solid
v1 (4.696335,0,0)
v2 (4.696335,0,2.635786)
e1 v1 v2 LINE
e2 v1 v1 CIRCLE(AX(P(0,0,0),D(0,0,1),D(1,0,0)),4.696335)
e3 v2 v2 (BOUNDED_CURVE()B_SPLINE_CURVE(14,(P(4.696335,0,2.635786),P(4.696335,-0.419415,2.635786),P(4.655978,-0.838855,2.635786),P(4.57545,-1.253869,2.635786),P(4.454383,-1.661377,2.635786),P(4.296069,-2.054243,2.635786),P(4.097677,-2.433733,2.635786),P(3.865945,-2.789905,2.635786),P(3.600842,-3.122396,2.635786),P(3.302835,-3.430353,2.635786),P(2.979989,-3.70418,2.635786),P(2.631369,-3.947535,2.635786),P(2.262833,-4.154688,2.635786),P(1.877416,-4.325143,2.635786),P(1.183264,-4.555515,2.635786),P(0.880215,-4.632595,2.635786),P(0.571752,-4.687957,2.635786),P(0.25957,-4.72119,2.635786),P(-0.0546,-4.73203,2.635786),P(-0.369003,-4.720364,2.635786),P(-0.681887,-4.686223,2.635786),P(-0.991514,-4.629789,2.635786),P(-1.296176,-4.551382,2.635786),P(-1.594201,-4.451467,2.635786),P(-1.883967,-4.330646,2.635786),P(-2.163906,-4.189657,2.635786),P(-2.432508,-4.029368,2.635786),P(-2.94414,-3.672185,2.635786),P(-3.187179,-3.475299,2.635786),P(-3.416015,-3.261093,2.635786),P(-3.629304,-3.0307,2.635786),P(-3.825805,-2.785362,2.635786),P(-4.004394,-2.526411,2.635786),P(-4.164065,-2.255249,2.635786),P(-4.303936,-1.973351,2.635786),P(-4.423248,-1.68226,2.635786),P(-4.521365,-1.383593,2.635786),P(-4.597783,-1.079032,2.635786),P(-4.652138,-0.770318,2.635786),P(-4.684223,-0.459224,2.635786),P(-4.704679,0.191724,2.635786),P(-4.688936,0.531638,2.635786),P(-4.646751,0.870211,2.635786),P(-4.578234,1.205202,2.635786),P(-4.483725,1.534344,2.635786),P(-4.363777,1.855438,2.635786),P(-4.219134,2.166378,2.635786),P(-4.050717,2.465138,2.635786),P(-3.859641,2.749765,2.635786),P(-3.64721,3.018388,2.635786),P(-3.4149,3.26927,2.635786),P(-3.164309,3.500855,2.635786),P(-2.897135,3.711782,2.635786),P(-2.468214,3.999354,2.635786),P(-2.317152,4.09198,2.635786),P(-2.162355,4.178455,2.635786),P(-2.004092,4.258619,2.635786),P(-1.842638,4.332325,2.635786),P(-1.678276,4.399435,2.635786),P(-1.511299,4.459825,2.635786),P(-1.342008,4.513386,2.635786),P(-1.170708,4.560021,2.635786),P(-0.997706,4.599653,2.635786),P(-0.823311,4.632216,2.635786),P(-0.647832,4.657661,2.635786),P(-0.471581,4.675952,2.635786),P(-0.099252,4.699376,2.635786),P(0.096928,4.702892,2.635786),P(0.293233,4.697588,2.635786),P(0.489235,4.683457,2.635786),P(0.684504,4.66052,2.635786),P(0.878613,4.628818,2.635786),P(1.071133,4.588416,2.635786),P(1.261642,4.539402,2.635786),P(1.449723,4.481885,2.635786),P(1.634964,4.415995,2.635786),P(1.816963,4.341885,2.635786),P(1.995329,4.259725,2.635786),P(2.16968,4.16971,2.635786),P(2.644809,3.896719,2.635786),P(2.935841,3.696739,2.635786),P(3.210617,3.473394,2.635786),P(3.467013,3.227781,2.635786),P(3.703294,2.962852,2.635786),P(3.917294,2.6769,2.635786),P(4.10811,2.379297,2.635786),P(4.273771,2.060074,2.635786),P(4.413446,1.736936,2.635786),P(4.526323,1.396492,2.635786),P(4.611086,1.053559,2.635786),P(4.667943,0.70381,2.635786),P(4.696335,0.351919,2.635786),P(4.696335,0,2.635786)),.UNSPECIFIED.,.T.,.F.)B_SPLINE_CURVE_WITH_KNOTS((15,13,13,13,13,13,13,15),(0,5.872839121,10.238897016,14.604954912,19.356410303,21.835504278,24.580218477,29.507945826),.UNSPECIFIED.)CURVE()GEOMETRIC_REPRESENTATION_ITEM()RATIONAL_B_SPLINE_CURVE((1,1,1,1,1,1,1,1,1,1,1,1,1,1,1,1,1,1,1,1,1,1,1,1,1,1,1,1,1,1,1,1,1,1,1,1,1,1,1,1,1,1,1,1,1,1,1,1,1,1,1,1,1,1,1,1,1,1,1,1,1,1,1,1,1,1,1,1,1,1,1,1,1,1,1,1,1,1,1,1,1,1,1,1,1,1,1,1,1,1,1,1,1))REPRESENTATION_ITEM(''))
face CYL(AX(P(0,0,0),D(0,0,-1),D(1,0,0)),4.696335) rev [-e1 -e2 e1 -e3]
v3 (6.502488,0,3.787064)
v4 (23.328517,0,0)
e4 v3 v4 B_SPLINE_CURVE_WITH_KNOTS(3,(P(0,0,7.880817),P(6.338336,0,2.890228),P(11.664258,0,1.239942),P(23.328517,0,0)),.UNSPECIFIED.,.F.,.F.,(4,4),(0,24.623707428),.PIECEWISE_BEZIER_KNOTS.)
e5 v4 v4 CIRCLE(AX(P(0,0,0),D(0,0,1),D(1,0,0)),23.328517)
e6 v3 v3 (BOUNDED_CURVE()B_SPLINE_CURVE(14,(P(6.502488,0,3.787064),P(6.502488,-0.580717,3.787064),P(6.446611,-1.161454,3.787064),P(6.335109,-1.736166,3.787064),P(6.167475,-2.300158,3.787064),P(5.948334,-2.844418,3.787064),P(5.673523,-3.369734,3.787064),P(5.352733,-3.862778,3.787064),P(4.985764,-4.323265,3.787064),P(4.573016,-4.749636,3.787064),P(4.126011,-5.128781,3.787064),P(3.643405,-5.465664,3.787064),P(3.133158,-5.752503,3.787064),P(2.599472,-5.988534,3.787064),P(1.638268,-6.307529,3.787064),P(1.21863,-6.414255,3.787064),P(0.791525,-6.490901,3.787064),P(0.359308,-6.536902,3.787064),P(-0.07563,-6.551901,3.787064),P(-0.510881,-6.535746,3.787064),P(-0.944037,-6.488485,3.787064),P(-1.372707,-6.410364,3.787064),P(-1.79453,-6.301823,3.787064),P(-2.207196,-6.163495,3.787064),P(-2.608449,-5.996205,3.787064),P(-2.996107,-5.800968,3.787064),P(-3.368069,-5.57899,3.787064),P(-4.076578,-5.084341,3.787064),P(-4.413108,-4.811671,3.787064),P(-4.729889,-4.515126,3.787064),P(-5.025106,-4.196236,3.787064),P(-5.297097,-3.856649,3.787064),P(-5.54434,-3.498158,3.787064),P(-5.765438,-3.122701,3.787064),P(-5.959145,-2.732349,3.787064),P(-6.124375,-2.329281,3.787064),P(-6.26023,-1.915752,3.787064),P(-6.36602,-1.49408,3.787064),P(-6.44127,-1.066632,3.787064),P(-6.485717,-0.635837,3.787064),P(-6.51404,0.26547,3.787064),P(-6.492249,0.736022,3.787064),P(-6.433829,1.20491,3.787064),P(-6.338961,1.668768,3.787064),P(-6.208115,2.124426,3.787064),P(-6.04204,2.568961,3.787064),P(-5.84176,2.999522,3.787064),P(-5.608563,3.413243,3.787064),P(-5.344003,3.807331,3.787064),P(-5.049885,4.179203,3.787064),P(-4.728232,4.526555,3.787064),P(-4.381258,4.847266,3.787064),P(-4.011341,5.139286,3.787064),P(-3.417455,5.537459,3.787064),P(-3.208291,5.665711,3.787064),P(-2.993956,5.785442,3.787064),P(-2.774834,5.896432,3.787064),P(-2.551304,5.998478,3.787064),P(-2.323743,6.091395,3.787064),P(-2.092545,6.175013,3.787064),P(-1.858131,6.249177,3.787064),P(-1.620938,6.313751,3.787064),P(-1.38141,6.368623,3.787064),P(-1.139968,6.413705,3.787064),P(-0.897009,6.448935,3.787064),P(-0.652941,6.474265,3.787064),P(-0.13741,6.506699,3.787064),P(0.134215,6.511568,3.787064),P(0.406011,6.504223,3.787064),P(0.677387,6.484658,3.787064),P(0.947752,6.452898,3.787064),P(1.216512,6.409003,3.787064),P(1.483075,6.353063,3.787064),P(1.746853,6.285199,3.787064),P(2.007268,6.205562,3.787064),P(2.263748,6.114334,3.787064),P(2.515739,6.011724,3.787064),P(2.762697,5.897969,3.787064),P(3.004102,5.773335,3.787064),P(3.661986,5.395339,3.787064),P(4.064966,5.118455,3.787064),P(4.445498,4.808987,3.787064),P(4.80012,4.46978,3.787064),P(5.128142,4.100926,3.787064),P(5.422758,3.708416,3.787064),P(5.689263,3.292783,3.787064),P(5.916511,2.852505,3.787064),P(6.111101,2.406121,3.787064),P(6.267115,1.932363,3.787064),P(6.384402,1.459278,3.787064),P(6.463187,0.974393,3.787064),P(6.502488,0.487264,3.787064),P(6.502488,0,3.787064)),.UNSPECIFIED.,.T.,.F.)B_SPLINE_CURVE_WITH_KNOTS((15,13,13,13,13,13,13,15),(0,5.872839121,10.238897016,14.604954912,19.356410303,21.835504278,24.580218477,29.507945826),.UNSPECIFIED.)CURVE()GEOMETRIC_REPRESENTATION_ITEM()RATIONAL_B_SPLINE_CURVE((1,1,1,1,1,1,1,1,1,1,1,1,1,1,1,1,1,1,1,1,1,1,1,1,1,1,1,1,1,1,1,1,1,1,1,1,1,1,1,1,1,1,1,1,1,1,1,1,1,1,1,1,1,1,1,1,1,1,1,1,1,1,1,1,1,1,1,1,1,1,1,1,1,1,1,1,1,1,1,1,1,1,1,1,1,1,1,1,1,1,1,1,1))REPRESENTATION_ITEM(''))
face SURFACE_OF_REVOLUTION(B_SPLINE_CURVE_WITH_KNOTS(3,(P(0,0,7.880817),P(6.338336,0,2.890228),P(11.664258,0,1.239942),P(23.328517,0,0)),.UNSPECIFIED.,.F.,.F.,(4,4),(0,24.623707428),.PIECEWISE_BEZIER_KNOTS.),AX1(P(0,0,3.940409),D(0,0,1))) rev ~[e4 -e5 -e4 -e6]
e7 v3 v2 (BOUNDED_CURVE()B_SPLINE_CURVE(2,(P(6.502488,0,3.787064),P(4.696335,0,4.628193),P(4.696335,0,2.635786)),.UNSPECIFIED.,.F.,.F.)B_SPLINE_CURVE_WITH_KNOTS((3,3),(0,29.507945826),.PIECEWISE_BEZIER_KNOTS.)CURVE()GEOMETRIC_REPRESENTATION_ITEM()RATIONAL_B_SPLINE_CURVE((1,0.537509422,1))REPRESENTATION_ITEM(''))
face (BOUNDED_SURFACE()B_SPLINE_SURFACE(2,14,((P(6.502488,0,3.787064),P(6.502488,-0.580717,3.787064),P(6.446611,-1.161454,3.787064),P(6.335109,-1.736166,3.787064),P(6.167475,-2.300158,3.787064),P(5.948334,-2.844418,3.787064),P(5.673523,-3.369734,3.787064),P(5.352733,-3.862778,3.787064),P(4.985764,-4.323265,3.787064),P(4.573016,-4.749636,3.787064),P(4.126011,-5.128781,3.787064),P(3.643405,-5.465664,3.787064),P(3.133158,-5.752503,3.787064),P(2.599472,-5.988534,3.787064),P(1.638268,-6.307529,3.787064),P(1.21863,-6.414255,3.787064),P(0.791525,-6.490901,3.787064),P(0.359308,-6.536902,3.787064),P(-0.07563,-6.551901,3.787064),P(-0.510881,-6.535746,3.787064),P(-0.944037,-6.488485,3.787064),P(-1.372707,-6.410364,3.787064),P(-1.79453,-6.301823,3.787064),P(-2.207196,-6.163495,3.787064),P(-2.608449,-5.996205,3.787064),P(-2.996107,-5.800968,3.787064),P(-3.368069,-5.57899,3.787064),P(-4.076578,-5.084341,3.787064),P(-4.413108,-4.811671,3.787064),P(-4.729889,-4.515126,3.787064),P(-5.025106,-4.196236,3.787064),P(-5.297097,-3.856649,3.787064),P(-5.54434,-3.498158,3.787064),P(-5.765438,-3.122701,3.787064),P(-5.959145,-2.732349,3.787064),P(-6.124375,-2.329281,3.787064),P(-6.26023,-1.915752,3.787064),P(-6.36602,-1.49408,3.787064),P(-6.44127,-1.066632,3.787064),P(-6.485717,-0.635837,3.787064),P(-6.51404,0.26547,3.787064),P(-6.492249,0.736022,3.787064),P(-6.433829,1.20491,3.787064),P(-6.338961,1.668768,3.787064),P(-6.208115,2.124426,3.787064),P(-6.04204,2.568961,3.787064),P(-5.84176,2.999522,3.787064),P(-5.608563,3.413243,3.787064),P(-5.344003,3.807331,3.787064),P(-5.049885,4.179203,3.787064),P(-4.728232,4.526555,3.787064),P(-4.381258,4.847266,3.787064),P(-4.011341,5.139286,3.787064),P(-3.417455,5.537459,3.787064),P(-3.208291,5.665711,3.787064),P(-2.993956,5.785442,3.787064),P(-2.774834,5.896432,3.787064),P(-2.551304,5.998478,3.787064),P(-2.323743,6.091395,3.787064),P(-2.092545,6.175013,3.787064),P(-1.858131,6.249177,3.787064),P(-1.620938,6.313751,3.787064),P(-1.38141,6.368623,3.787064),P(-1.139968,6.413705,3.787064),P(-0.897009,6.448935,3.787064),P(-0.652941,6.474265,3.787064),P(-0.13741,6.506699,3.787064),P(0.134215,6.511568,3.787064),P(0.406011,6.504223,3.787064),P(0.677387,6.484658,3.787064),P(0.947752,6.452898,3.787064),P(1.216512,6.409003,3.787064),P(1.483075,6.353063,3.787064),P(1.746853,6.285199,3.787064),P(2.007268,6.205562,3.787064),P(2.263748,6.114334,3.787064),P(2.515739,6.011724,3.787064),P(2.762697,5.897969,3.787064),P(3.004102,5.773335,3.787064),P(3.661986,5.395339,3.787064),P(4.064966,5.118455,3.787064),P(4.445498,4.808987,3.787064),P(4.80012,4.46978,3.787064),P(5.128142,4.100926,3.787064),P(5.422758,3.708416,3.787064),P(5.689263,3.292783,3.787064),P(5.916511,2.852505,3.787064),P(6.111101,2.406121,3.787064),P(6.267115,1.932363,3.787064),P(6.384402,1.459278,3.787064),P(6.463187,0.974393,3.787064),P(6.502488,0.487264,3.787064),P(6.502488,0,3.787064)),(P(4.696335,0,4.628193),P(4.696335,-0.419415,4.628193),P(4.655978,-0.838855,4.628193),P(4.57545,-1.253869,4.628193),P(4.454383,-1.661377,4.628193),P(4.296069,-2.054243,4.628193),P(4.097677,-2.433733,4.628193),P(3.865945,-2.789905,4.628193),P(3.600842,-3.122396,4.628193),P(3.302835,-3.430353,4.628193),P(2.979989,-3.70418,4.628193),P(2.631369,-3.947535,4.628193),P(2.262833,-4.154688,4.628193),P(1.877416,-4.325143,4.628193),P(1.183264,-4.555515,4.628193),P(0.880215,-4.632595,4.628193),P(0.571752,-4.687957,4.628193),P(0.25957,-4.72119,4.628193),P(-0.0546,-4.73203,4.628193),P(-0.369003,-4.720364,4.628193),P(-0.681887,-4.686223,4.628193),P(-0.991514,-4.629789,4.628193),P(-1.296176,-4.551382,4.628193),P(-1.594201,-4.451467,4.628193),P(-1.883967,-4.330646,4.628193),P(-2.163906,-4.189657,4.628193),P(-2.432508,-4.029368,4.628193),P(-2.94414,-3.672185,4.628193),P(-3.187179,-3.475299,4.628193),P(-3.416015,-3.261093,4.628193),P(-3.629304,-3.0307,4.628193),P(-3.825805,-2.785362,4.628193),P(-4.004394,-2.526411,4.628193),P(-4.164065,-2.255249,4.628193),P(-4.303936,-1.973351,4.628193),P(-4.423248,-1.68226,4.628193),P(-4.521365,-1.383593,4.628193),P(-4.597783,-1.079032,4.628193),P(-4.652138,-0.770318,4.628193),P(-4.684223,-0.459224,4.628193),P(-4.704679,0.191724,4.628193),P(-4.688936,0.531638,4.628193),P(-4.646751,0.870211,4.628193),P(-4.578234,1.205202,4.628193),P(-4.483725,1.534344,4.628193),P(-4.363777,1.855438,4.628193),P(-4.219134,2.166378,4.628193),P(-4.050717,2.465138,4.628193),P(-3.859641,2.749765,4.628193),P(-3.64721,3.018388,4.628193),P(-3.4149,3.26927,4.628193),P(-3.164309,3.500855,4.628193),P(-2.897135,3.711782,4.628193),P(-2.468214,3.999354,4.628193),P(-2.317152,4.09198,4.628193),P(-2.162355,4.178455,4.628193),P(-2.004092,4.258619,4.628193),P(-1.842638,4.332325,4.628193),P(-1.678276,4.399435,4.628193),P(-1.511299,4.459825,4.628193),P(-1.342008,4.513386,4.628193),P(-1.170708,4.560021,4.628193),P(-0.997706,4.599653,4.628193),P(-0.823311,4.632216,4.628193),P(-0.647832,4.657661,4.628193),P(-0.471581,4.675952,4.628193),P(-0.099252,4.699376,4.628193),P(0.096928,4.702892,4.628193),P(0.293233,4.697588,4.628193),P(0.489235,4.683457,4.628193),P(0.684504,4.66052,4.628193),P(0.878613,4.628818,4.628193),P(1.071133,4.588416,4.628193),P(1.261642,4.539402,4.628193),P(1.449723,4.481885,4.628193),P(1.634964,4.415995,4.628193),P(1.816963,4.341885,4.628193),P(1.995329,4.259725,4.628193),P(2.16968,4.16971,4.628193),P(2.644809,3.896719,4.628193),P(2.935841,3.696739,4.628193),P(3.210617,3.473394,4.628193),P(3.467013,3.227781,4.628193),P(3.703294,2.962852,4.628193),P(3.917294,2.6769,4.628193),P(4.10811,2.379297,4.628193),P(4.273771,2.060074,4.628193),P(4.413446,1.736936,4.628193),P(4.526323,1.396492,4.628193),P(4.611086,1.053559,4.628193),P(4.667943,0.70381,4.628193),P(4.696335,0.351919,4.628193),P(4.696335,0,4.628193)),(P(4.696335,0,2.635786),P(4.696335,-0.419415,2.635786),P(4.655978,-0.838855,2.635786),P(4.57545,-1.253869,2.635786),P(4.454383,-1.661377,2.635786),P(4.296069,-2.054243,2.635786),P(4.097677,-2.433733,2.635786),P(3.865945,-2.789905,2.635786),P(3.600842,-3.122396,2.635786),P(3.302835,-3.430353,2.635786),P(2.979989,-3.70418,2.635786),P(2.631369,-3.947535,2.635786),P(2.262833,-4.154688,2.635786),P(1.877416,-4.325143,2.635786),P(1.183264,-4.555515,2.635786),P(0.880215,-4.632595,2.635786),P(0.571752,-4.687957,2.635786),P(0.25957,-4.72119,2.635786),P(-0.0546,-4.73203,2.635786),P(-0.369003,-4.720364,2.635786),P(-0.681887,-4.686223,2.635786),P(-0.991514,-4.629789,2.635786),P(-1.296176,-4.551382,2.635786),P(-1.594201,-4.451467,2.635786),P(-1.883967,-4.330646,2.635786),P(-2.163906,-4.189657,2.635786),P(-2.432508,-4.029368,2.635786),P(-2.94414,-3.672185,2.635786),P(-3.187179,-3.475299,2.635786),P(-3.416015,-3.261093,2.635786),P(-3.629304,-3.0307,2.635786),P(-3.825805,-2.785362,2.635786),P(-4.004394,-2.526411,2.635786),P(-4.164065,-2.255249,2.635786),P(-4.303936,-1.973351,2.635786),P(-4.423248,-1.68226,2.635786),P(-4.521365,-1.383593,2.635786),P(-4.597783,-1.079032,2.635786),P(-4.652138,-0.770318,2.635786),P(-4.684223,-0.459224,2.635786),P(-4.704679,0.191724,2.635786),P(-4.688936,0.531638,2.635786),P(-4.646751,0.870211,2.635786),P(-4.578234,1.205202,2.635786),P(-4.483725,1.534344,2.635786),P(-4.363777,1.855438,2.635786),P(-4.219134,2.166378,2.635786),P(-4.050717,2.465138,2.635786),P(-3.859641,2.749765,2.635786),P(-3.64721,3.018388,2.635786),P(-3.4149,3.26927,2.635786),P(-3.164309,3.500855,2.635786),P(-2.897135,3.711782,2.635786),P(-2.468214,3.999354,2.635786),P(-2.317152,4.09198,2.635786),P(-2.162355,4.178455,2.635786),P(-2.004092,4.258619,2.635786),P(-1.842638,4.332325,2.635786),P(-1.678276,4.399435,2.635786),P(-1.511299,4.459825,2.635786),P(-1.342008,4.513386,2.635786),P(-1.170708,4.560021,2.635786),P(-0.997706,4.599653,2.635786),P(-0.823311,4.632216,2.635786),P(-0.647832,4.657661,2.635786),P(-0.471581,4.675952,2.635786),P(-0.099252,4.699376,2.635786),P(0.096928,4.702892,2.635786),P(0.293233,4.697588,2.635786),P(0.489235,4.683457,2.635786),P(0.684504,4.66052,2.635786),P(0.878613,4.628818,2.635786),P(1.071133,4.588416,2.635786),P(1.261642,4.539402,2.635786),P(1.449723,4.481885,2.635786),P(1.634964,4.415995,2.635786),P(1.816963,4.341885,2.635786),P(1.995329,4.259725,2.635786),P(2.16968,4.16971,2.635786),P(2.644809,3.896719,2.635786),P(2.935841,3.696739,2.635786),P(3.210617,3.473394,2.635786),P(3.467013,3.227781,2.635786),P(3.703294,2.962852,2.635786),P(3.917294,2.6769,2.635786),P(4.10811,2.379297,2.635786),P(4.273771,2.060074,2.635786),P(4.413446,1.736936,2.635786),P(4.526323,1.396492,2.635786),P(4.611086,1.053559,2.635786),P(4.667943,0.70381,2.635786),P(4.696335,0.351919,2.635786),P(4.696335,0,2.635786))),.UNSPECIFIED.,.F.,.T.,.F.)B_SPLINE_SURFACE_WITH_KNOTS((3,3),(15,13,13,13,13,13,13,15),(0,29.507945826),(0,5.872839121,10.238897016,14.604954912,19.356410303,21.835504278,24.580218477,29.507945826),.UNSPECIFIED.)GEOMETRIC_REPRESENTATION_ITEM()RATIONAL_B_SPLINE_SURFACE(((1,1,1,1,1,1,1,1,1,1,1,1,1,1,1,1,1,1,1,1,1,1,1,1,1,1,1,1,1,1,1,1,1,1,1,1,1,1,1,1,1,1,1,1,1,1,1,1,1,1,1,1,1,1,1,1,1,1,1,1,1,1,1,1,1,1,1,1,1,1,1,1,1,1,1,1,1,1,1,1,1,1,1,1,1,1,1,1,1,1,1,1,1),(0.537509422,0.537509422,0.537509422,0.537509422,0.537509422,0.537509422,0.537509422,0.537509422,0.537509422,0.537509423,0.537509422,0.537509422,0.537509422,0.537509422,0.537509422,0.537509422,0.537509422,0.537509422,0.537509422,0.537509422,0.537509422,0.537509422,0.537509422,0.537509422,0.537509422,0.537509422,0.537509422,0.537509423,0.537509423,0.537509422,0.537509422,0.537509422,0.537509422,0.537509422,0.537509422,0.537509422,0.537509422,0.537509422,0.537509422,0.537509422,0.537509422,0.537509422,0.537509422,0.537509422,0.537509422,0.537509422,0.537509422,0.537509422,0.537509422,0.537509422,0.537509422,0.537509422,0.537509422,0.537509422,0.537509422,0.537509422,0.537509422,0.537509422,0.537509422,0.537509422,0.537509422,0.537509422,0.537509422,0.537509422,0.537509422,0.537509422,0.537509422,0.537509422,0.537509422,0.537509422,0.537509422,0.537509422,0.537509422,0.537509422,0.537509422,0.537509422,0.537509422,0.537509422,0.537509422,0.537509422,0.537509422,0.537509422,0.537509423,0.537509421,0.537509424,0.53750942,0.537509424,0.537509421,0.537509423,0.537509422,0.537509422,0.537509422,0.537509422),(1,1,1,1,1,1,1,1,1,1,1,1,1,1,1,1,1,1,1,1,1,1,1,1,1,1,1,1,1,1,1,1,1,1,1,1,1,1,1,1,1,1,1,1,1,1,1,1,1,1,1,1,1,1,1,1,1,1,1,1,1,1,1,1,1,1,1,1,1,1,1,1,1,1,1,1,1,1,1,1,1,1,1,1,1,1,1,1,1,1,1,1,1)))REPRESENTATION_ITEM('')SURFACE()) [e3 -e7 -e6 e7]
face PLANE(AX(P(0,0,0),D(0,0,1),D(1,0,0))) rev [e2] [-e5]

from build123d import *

# Parameters (mm, degrees)
F2_R     = 4.6963354408
F3_DEPTH = 25.4
F4_R     = 1.27


with BuildPart() as f1:
    # F0 (on Front) → F1 (revolve)
    with BuildSketch(Plane.XZ):
        with BuildLine():
            Line((0, 7.8808171675), (0, 0))
            Line((0, 0), (23.3285166323, 0))
            add(Edge.make_bspline(
                [(0, 7.8808171675), (6.3383360393, 2.8902275953), (11.6642583162, 1.2399421539), (23.3285166323, 0)],
                knots=[0, 0, 0, 0, 24.6237074278, 24.6237074278, 24.6237074278, 24.6237074278], degree=3))
        make_face()
    revolve(axis=Axis((0, 0, 3.9404085837), (0, 0, 1)))

    # F2 (on Top) → F3 (cut)
    with BuildSketch(Plane.XY):
        Circle(F2_R)
    extrude(amount=F3_DEPTH, mode=Mode.SUBTRACT)

    # F4
    f4_edges = [f1.edges().sort_by_distance(p)[0] for p in [
        (-4.696335, 0, 4.708633),
    ]]
    fillet(f4_edges, radius=F4_R)


solid = f1.part
